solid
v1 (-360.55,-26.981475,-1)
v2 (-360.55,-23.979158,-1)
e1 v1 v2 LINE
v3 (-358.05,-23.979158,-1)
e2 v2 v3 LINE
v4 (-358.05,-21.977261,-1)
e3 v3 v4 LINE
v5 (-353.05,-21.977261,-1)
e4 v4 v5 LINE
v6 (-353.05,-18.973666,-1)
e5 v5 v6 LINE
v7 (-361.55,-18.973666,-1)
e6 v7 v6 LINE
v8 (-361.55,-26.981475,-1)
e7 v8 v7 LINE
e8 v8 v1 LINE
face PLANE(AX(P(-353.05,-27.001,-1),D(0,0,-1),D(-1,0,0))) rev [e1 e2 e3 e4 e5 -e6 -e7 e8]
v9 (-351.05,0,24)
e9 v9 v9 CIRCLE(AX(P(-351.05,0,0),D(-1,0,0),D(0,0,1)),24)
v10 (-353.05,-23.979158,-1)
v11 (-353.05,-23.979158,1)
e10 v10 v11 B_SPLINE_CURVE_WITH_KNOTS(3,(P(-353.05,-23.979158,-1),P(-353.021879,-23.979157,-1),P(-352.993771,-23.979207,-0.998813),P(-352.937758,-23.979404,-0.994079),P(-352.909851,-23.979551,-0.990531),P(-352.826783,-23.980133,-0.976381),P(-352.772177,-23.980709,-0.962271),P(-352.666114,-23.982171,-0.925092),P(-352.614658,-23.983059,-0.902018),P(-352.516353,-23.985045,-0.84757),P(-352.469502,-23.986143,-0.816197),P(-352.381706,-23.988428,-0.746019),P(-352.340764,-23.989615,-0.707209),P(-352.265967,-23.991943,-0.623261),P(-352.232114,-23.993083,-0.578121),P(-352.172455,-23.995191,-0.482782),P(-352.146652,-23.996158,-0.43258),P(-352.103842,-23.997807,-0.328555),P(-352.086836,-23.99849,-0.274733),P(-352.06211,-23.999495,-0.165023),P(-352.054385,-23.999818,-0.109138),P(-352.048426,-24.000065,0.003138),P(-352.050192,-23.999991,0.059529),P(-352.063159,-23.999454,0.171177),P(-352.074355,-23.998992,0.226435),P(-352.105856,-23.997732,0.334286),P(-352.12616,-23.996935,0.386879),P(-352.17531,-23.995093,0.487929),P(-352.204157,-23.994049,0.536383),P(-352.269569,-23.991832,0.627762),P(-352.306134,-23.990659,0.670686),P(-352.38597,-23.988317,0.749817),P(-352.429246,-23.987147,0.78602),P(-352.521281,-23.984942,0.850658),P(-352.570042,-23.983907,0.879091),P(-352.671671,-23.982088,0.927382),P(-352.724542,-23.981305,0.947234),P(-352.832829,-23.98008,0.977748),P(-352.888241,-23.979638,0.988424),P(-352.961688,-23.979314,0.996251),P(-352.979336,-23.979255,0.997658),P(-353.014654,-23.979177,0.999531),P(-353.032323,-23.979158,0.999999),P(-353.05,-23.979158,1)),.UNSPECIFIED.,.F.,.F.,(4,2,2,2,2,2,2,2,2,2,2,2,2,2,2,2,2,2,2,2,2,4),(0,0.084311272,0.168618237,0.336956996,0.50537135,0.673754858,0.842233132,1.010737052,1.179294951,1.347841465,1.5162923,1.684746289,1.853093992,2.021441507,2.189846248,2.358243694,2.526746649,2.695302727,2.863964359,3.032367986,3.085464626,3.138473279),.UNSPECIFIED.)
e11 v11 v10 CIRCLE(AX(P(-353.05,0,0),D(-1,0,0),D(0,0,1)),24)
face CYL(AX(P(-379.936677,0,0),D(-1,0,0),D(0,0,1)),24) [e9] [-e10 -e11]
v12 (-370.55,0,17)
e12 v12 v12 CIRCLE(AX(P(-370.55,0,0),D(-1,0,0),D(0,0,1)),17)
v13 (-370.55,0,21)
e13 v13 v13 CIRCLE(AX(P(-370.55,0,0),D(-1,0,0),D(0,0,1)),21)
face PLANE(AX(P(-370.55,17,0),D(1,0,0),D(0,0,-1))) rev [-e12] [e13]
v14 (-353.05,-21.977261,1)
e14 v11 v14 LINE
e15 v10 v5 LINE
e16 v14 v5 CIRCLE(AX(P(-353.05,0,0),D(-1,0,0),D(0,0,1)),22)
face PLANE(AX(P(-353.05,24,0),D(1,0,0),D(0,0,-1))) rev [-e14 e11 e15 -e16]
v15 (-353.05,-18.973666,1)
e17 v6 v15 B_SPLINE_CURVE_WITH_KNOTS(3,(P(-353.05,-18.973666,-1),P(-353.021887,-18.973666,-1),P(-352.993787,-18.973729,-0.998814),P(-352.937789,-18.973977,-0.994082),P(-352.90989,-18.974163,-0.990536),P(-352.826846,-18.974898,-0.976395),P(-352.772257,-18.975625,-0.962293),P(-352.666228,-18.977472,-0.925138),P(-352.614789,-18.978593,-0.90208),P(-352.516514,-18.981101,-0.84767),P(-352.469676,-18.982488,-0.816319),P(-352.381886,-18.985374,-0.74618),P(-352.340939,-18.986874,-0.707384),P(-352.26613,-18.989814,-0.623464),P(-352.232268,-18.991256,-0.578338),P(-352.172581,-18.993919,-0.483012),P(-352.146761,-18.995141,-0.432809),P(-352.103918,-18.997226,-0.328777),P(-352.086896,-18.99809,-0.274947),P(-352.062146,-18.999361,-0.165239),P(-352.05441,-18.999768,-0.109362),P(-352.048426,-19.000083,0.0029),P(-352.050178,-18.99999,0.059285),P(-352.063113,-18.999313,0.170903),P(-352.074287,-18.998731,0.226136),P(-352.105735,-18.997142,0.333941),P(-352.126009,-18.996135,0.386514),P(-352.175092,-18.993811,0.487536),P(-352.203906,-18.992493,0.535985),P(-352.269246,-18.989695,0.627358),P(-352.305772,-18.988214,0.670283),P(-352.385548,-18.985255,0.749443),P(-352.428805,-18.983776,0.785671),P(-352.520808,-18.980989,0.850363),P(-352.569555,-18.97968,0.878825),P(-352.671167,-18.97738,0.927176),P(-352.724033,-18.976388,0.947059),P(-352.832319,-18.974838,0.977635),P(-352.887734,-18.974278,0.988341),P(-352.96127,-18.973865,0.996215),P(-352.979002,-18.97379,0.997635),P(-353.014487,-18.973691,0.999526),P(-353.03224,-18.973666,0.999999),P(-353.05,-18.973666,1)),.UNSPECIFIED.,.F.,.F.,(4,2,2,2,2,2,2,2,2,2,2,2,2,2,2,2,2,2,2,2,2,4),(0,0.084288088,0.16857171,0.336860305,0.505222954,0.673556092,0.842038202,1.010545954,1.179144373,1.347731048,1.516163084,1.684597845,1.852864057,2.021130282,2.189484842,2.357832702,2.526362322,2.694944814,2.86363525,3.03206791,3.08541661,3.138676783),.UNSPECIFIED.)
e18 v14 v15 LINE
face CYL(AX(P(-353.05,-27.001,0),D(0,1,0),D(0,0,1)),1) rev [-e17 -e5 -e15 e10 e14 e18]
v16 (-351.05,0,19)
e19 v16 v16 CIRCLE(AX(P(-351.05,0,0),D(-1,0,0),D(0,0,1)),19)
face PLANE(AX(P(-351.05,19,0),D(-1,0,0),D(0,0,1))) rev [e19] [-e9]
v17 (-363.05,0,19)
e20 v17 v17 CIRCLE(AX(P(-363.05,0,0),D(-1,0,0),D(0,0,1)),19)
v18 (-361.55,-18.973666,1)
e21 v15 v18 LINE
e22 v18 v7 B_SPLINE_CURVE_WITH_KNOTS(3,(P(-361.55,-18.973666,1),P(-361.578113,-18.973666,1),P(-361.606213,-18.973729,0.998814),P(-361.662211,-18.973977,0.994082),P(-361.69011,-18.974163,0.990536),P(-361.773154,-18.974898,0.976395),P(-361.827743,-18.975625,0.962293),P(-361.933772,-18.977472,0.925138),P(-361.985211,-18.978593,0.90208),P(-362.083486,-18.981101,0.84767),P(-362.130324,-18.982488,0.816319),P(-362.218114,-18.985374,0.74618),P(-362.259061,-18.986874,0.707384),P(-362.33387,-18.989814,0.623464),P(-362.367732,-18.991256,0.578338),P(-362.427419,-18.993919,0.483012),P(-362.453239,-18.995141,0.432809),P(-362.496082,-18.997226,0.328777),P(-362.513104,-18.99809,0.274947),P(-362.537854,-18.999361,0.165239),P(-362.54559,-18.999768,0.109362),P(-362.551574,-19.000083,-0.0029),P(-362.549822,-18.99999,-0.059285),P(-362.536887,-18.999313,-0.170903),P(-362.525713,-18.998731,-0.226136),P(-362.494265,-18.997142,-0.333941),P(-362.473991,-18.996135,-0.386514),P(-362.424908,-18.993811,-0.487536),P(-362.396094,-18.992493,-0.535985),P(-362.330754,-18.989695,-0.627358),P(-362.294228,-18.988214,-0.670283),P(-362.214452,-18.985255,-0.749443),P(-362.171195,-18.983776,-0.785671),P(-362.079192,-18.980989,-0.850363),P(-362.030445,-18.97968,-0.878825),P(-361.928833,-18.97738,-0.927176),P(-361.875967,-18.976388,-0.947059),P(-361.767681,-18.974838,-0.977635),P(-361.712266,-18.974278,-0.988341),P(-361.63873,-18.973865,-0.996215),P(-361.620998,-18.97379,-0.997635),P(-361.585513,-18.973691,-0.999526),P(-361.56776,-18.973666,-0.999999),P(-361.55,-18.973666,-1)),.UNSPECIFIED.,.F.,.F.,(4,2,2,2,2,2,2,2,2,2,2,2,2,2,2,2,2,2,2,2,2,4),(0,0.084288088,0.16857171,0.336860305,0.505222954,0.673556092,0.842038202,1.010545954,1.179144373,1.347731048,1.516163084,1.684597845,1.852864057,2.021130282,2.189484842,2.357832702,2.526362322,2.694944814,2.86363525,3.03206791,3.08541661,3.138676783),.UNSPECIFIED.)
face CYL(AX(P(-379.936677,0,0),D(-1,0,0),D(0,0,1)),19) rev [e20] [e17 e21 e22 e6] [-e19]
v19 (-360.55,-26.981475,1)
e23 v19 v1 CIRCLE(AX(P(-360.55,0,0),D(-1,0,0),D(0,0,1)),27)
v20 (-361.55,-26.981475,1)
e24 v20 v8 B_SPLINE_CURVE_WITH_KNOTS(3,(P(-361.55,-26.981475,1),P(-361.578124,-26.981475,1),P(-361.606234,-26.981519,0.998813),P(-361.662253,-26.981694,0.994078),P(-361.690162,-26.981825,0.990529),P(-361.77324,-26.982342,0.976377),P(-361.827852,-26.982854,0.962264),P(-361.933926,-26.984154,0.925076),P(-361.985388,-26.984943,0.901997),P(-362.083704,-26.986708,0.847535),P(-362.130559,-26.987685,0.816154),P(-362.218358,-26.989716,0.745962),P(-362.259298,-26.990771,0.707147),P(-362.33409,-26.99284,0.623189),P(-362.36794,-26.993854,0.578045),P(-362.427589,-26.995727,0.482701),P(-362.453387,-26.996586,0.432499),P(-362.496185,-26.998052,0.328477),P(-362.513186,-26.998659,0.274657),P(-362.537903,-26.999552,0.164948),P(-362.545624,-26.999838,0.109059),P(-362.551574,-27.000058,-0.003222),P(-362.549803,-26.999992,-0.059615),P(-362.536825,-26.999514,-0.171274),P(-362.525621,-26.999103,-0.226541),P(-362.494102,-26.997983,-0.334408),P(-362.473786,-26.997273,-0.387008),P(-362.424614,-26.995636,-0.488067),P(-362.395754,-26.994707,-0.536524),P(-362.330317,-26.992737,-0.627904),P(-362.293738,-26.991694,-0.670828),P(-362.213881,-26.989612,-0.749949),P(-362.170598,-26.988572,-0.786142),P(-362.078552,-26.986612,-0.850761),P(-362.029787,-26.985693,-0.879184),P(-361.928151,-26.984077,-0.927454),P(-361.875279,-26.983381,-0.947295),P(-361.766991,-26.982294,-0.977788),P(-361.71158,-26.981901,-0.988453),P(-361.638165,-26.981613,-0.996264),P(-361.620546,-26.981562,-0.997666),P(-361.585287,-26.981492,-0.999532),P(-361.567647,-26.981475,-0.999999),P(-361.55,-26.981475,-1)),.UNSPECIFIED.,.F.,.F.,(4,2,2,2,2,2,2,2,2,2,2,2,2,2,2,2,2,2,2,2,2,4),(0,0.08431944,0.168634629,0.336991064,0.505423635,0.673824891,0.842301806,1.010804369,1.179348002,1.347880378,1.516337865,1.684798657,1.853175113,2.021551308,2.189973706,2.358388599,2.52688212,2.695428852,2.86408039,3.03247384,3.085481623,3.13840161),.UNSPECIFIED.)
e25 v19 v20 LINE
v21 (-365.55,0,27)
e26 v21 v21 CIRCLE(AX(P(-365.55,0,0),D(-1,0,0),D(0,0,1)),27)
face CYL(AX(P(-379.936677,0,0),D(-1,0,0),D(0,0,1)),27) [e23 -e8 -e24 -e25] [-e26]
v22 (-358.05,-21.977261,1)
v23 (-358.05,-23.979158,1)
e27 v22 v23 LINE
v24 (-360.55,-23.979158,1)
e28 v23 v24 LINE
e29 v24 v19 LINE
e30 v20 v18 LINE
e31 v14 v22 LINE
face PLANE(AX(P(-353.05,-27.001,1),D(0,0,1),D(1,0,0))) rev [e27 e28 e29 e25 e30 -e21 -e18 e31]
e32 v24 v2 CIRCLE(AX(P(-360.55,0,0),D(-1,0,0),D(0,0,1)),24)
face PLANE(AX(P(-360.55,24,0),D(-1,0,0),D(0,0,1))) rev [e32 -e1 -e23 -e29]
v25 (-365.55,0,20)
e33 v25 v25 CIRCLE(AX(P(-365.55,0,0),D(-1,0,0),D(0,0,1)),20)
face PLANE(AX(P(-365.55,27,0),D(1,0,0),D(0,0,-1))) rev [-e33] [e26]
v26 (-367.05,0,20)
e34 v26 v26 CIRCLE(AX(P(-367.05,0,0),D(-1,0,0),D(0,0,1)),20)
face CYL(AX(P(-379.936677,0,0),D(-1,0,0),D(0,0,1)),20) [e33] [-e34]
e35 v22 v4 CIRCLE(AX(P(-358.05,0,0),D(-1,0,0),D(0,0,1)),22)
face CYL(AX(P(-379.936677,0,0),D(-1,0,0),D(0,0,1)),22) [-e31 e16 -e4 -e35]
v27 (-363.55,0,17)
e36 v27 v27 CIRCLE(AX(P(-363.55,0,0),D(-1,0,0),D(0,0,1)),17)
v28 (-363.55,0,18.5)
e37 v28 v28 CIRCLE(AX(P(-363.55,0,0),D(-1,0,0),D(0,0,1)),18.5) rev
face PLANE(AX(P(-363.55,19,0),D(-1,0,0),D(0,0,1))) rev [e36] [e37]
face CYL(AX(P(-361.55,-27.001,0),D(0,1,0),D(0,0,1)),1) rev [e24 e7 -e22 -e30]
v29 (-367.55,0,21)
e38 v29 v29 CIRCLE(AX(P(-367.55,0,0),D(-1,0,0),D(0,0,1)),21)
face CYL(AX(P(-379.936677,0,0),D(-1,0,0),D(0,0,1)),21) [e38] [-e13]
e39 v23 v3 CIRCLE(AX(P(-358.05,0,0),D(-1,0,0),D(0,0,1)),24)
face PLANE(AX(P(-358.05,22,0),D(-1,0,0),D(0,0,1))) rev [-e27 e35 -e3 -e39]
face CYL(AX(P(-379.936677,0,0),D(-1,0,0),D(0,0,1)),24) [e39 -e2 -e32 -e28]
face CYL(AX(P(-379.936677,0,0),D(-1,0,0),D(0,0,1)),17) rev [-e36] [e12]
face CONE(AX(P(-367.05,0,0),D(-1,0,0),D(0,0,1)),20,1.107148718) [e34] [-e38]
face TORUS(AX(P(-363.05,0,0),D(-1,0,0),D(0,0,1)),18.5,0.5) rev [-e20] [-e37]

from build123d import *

# Parameters (mm, degrees)
ZAOBLIT1_R               = 0.5
ODEBRAT_START            = -8
ODEBRAT_VYSUNUT_M2_DEPTH = 8.026334


with BuildPart() as part:
    # Skica1 → Rotovat1 (revolve)
    with BuildSketch(Plane.XY):
        Polygon((-351.05, 24), (-353.05, 24), (-353.05, 22), (-358.05, 22), (-358.05, 24), (-360.55, 24), (-360.55, 27), (-365.55, 27), (-365.55, 20), (-367.05, 20), (-367.55, 21), (-370.55, 21), (-370.55, 19), (-370.55, 17), (-363.55, 17), (-363.55, 19), (-351.05, 19), align=None)
    revolve(axis=Axis((-379.936676629, 0, 0), (1, 0, 0)))

    # Zaoblit1
    zaoblit1_edges = [part.edges().sort_by_distance(p)[0] for p in [
        (-363.55, -19, 0),
    ]]
    fillet(zaoblit1_edges, radius=ZAOBLIT1_R)

    # Skica3 → Odebrat vysunutím2 (cut)
    with BuildSketch(Plane(origin=(0, -19, 0), x_dir=(1, 0, 0), z_dir=(0, 1, 0)).offset(ODEBRAT_START)):
        with BuildLine():
            Line((-353.05, -1), (-361.55, -1))
            ThreePointArc((-361.55, -1), (-362.55, 0), (-361.55, 1))
            Line((-361.55, 1), (-353.05, 1))
            ThreePointArc((-353.05, 1), (-352.05, 0), (-353.05, -1))
        make_face()
    extrude(amount=ODEBRAT_VYSUNUT_M2_DEPTH, mode=Mode.SUBTRACT)


solid = part.part
